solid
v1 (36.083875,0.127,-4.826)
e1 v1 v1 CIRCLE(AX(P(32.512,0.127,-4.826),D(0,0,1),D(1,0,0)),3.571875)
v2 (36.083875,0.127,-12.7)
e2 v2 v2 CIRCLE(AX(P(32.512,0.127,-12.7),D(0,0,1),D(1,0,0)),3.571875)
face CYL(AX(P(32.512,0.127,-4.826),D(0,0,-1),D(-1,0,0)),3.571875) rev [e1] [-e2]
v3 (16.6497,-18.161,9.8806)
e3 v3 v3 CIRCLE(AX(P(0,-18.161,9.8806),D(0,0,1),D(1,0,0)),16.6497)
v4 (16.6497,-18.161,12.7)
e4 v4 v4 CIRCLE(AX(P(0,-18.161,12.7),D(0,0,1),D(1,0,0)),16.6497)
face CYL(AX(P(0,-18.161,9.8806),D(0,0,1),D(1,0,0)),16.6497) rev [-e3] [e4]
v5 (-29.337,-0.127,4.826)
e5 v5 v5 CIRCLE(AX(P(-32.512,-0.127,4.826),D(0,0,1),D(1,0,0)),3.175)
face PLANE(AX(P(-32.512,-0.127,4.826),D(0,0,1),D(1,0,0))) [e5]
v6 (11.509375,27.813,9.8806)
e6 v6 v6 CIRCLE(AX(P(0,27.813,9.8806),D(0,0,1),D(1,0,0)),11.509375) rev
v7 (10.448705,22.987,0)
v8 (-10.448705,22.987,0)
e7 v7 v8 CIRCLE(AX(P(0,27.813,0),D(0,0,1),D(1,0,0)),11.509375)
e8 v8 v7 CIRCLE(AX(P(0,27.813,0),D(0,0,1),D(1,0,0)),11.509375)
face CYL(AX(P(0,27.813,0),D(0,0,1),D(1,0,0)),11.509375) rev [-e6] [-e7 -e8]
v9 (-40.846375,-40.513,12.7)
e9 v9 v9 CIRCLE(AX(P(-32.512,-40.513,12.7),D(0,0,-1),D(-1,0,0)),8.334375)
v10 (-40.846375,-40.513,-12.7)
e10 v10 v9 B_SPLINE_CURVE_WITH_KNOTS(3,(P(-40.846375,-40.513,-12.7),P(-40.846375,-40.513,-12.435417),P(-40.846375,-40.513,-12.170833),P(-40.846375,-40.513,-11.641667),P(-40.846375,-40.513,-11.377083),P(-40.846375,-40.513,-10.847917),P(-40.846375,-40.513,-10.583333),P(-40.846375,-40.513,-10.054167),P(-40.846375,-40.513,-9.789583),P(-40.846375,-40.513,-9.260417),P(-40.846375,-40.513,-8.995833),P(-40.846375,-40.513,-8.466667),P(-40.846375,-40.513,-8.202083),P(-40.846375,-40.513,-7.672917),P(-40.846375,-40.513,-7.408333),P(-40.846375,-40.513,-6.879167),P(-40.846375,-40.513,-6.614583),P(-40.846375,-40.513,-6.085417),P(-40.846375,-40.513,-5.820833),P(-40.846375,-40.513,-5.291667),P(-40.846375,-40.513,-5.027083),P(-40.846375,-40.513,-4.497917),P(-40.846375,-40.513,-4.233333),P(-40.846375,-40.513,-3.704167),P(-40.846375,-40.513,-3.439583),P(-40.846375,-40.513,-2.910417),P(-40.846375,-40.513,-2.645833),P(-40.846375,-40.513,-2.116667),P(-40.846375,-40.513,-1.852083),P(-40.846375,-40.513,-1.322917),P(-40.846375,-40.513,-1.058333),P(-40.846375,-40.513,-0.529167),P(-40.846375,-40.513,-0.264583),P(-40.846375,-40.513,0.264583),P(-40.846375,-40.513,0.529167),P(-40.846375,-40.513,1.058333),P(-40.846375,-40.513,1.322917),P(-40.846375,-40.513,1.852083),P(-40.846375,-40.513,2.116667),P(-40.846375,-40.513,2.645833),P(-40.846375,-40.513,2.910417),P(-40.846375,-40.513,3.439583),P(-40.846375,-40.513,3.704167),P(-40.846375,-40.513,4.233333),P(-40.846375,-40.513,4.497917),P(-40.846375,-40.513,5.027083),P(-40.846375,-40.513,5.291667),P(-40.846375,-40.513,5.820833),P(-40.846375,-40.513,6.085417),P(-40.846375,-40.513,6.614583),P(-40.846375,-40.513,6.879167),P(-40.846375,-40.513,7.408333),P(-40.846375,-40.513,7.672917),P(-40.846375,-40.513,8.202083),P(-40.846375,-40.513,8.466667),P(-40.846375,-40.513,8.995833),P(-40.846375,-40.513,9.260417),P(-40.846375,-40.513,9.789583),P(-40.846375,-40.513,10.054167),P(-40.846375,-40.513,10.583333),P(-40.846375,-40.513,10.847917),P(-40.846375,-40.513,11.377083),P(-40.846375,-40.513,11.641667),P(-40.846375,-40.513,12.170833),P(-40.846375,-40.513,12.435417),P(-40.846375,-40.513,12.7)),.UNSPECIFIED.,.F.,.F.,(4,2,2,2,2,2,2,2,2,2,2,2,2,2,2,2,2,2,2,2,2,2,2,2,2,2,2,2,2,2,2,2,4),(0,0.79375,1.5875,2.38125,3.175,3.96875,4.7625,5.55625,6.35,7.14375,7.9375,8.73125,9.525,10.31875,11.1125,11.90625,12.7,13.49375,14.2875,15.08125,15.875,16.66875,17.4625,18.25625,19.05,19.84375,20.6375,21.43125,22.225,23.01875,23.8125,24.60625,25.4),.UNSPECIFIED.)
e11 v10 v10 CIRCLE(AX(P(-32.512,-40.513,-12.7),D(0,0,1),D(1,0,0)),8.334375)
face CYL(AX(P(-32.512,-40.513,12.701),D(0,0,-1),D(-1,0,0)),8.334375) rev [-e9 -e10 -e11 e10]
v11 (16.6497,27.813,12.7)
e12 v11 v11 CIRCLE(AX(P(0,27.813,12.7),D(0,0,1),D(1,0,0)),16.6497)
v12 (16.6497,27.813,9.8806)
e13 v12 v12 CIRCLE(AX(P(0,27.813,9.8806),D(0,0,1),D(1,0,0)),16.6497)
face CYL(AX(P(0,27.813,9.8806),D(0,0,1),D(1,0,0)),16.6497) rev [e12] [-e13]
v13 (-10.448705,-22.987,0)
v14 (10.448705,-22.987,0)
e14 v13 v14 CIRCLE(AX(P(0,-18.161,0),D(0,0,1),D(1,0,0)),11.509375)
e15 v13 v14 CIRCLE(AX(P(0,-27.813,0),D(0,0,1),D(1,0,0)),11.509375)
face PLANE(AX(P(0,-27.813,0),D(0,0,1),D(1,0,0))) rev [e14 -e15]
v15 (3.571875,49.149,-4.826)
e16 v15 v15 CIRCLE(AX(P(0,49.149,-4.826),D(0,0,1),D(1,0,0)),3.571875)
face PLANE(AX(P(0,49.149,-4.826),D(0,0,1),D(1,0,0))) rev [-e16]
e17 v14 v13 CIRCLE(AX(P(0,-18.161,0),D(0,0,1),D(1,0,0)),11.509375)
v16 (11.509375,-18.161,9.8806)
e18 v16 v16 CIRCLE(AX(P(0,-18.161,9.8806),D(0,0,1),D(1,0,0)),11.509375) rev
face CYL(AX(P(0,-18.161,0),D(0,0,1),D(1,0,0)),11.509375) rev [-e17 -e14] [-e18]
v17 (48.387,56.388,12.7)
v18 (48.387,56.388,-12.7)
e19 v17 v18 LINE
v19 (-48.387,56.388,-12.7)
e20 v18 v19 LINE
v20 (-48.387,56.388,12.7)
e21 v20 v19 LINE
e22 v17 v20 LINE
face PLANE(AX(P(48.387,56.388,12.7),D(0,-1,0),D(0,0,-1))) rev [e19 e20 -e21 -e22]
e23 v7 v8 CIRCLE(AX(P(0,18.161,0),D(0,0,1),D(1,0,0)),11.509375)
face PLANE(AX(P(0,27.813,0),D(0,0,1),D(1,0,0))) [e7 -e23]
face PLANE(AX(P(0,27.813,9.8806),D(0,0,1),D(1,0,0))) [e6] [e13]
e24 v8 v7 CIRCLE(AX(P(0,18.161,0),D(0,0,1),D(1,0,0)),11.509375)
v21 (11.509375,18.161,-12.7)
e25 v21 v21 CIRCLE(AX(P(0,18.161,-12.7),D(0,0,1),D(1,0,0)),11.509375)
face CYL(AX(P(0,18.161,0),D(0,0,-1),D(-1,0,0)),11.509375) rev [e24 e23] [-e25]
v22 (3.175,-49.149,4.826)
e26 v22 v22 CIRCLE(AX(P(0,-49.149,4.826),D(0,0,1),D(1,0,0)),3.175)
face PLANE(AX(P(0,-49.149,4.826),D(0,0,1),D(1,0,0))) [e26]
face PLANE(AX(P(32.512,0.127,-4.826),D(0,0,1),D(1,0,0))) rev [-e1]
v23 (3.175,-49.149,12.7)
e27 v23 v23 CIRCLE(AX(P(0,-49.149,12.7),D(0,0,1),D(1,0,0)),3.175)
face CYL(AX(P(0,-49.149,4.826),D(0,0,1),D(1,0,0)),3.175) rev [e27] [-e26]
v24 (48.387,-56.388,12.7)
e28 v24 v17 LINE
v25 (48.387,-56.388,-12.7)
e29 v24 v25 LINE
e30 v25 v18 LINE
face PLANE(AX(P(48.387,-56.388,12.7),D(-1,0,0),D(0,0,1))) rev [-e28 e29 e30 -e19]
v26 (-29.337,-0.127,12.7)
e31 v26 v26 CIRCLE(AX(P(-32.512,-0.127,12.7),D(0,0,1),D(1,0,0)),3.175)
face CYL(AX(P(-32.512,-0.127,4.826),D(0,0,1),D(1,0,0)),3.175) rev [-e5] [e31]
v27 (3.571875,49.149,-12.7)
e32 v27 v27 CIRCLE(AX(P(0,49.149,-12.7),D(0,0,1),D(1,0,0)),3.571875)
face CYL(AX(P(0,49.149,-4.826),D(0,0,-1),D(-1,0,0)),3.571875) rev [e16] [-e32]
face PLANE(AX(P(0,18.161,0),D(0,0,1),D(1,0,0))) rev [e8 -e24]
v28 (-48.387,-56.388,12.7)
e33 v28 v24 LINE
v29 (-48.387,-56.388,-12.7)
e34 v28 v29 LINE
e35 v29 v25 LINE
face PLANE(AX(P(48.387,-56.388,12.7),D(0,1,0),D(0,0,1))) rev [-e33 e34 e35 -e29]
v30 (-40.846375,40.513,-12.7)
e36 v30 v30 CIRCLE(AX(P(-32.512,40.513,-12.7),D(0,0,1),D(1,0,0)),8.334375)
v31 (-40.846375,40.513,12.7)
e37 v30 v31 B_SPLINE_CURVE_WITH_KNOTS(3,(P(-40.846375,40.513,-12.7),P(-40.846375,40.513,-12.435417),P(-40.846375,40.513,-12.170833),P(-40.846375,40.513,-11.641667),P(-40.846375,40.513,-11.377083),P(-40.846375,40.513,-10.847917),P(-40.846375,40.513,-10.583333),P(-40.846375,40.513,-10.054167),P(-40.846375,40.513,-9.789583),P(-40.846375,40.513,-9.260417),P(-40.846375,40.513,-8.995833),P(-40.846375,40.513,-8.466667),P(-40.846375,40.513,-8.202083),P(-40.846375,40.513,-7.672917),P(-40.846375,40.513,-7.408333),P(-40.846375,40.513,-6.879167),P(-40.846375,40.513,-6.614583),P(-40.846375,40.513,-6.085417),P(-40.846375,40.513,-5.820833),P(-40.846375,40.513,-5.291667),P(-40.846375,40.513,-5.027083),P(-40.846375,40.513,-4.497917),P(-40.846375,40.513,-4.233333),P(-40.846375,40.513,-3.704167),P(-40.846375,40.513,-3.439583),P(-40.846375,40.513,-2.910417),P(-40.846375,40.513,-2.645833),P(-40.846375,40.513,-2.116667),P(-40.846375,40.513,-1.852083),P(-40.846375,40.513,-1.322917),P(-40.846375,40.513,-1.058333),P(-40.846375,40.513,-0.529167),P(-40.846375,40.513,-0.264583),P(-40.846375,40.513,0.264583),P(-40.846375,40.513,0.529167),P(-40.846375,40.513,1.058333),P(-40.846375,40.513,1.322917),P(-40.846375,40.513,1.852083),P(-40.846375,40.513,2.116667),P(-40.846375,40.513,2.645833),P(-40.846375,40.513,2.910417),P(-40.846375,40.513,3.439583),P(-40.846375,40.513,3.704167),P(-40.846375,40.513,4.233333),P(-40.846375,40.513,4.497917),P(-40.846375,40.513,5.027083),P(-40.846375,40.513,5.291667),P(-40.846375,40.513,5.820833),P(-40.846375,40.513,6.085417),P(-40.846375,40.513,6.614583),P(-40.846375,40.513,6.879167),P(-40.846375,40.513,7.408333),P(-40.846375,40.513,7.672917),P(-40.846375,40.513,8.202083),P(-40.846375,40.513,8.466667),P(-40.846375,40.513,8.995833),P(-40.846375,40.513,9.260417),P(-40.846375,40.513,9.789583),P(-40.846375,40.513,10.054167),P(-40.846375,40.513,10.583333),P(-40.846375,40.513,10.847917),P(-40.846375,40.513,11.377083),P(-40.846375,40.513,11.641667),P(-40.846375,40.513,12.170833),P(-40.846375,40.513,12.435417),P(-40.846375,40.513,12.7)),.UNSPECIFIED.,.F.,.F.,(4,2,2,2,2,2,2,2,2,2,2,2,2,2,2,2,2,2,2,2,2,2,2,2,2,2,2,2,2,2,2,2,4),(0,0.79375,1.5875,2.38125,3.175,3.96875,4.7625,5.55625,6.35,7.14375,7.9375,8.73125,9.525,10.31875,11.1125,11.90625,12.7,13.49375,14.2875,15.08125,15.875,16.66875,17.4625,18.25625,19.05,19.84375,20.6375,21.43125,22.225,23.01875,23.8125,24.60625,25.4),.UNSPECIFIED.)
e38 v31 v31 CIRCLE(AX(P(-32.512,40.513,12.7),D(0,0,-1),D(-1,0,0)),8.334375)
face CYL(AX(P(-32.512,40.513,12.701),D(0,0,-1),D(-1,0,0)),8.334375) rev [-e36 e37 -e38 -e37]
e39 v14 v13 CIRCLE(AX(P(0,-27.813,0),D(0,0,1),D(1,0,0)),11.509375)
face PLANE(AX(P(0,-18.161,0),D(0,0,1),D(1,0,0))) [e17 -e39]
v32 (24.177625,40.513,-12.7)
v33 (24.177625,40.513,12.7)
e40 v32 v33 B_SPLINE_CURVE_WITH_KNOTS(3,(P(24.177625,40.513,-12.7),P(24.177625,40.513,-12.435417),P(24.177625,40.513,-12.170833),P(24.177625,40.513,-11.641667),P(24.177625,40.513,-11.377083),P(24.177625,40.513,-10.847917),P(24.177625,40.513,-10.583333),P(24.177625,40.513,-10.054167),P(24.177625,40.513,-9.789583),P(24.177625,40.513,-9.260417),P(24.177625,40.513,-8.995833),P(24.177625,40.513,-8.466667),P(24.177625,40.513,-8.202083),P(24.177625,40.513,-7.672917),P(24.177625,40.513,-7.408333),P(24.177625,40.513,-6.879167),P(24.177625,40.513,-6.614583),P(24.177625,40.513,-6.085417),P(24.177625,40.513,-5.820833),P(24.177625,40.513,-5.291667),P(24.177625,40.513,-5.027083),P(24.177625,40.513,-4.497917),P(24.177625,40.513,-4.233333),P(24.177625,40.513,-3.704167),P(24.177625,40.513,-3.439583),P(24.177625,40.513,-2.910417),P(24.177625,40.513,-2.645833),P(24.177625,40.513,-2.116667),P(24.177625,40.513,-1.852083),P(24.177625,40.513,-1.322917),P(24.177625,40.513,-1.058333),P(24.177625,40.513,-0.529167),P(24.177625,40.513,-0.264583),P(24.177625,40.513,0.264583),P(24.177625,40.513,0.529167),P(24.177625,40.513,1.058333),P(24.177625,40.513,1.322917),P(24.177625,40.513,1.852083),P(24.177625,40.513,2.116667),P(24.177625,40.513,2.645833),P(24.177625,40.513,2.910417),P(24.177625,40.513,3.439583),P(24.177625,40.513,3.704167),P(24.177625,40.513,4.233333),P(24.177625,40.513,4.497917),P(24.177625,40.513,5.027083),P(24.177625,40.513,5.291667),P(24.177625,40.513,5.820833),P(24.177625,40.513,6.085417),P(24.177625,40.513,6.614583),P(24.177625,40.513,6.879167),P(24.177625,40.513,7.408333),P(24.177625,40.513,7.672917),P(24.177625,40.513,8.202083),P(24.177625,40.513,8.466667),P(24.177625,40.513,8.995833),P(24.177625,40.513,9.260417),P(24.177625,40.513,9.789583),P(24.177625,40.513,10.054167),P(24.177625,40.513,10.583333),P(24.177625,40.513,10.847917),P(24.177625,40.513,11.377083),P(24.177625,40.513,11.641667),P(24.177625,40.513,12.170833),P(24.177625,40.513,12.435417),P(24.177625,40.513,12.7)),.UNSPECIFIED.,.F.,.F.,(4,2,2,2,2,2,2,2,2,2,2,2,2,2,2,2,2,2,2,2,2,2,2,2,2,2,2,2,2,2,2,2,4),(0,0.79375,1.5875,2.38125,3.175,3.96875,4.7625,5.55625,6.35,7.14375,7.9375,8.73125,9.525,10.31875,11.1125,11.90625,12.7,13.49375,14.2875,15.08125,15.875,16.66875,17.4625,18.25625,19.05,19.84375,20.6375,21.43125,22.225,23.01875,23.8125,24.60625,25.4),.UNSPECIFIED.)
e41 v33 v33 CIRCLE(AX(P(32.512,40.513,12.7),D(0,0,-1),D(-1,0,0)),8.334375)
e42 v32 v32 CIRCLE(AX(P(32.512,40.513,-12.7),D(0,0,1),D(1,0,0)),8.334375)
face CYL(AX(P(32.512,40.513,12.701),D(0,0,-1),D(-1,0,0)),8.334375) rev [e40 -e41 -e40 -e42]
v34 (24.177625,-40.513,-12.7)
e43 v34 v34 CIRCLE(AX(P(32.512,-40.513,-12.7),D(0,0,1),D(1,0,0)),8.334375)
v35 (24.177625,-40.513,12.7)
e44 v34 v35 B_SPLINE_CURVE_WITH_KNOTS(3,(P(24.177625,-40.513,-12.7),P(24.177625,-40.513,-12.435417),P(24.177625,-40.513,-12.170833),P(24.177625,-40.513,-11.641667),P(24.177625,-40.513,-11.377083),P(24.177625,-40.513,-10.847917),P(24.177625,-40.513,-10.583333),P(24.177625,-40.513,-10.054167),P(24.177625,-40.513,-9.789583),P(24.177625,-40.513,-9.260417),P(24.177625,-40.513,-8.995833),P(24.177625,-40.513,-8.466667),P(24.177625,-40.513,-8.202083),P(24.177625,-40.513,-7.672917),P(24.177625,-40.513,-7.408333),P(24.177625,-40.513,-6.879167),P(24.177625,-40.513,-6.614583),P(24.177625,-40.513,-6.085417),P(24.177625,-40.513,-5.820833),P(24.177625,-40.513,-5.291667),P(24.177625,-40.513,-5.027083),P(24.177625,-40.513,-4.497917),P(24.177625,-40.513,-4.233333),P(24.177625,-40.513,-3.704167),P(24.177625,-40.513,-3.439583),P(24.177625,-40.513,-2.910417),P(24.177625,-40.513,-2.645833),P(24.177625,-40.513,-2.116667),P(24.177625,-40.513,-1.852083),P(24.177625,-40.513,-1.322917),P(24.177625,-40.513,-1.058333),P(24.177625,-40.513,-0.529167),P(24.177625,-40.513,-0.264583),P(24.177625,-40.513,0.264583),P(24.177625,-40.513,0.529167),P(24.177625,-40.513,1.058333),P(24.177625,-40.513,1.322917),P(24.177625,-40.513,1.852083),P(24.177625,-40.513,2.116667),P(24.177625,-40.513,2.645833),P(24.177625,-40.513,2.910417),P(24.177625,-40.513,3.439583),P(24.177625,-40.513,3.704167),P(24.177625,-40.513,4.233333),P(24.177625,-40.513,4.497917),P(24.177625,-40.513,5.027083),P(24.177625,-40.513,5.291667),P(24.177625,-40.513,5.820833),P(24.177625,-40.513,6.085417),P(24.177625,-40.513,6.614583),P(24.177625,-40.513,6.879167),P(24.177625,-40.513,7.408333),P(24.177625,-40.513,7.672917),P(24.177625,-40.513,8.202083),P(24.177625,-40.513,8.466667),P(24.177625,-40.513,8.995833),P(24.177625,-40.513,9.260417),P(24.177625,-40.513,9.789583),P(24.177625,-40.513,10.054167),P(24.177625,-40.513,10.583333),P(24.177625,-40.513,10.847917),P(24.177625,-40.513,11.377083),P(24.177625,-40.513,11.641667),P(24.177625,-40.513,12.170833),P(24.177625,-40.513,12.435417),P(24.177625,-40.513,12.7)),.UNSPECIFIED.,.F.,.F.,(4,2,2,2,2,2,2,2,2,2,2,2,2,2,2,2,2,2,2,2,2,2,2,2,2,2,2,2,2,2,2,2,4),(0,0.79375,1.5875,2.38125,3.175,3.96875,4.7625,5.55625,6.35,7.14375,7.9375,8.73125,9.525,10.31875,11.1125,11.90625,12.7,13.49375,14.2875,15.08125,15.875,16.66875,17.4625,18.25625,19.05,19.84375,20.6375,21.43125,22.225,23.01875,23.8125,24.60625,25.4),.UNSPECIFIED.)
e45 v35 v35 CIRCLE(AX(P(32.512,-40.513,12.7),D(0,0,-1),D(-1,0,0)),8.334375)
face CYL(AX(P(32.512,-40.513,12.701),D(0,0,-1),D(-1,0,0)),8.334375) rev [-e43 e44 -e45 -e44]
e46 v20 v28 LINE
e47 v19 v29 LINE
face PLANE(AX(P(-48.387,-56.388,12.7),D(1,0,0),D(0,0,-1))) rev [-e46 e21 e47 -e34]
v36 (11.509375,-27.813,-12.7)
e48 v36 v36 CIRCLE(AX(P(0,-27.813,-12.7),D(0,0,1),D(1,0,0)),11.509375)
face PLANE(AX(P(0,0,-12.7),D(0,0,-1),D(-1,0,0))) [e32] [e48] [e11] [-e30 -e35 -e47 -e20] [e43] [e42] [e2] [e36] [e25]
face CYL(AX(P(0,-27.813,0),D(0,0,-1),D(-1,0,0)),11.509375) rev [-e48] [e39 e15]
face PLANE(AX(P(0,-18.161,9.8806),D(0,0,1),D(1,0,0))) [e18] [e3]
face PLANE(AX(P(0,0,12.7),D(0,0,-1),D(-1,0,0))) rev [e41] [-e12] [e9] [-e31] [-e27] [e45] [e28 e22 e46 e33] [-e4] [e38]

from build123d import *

# Parameters (mm, degrees)
SKETCH1_W           = 112.776
SKETCH1_H           = 96.774
BOSS_EXTRUDE1_DEPTH = 12.7
CUT_EXTRUDE2_START  = -12.7
SKETCH2_R           = 8.334375
CUT_EXTRUDE2_DEPTH  = 25.4
CUT_EXTRUDE4_START  = -12.7
SKETCH3_R           = 8.334375
CUT_EXTRUDE4_DEPTH  = 25.4
CUT_EXTRUDE6_START  = -12.7
SKETCH4_R           = 11.509375
CUT_EXTRUDE6_DEPTH  = 12.7
CUT_EXTRUDE8_START  = -12.7
SKETCH5_R           = 11.509375
CUT_EXTRUDE8_DEPTH  = 12.7
CUT_EXTRUDE10_START = 12.7
SKETCH6_R           = 11.509375
CUT_EXTRUDE10_DEPTH = 12.7
CUT_EXTRUDE12_START = 12.7
SKETCH7_R           = 11.509375
CUT_EXTRUDE12_DEPTH = 12.7
CUT_EXTRUDE14_START = 12.7
SKETCH8_R           = 16.6497
CUT_EXTRUDE14_DEPTH = 2.8194
CUT_EXTRUDE16_START = 12.7
SKETCH9_R           = 16.6497
CUT_EXTRUDE16_DEPTH = 2.8194
CUT_EXTRUDE18_START = -12.7
SKETCH10_R          = 3.571875
CUT_EXTRUDE18_DEPTH = 7.874
CUT_EXTRUDE20_START = -12.7
SKETCH11_R          = 3.571875
CUT_EXTRUDE20_DEPTH = 7.874
CUT_EXTRUDE22_START = 12.7
SKETCH12_R          = 3.175
CUT_EXTRUDE22_DEPTH = 7.874
CUT_EXTRUDE24_START = 12.7
SKETCH13_R          = 3.175
CUT_EXTRUDE24_DEPTH = 7.874


with BuildPart() as part:
    # Sketch1 → Boss-Extrude1 (new, symmetric)
    with BuildSketch(Plane(origin=(0, 0, 0), x_dir=(0, 1, 0), z_dir=(0, 0, 1))):
        Rectangle(SKETCH1_W, SKETCH1_H)
    extrude(amount=BOSS_EXTRUDE1_DEPTH, both=True)

    # Sketch2 → Cut-Extrude2 (cut)
    with BuildSketch(Plane(origin=(0, 0, 0), x_dir=(0, 1, 0), z_dir=(0, 0, 1)).offset(CUT_EXTRUDE2_START)):
        with Locations(Location((-40.513, -32.512, 0), (0, 0, 90))):
            Circle(SKETCH2_R)
    extrude(amount=CUT_EXTRUDE2_DEPTH, mode=Mode.SUBTRACT)

    # Sketch3 → Cut-Extrude4 (cut)
    with BuildSketch(Plane(origin=(0, 0, 0), x_dir=(0, 1, 0), z_dir=(0, 0, 1)).offset(CUT_EXTRUDE4_START)):
        with Locations(Location((40.513, -32.512, 0), (0, 0, 90))):
            Circle(SKETCH3_R)
        with Locations(Location((-40.513, 32.512, 0), (0, 0, 90))):
            Circle(SKETCH3_R)
        with Locations(Location((40.513, 32.512, 0), (0, 0, 90))):
            Circle(SKETCH3_R)
    extrude(amount=CUT_EXTRUDE4_DEPTH, mode=Mode.SUBTRACT)

    # Sketch4 → Cut-Extrude6 (cut)
    with BuildSketch(Plane(origin=(0, 0, 0), x_dir=(0, 1, 0), z_dir=(0, 0, 1)).offset(CUT_EXTRUDE6_START)):
        with Locations(Location((-27.813, 0, 0), (0, 0, 270))):
            Circle(SKETCH4_R)
    extrude(amount=CUT_EXTRUDE6_DEPTH, mode=Mode.SUBTRACT)

    # Sketch5 → Cut-Extrude8 (cut)
    with BuildSketch(Plane(origin=(0, 0, 0), x_dir=(0, 1, 0), z_dir=(0, 0, 1)).offset(CUT_EXTRUDE8_START)):
        with Locations(Location((18.161, 0, 0), (0, 0, 270))):
            Circle(SKETCH5_R)
    extrude(amount=CUT_EXTRUDE8_DEPTH, mode=Mode.SUBTRACT)

    # Sketch6 → Cut-Extrude10 (cut)
    with BuildSketch(Plane(origin=(0, 0, 0), x_dir=(0, 1, 0), z_dir=(0, 0, 1)).offset(CUT_EXTRUDE10_START)):
        with Locations(Location((-18.161, 0, 0), (0, 0, 270))):
            Circle(SKETCH6_R)
    extrude(amount=-CUT_EXTRUDE10_DEPTH, mode=Mode.SUBTRACT)

    # Sketch7 → Cut-Extrude12 (cut)
    with BuildSketch(Plane(origin=(0, 0, 0), x_dir=(0, 1, 0), z_dir=(0, 0, 1)).offset(CUT_EXTRUDE12_START)):
        with Locations(Location((27.813, 0, 0), (0, 0, 270))):
            Circle(SKETCH7_R)
    extrude(amount=-CUT_EXTRUDE12_DEPTH, mode=Mode.SUBTRACT)

    # Sketch8 → Cut-Extrude14 (cut)
    with BuildSketch(Plane(origin=(0, 0, 0), x_dir=(0, 1, 0), z_dir=(0, 0, 1)).offset(CUT_EXTRUDE14_START)):
        with Locations(Location((-18.161, 0, 0), (0, 0, 270))):
            Circle(SKETCH8_R)
    extrude(amount=-CUT_EXTRUDE14_DEPTH, mode=Mode.SUBTRACT)

    # Sketch9 → Cut-Extrude16 (cut)
    with BuildSketch(Plane(origin=(0, 0, 0), x_dir=(0, 1, 0), z_dir=(0, 0, 1)).offset(CUT_EXTRUDE16_START)):
        with Locations(Location((27.813, 0, 0), (0, 0, 270))):
            Circle(SKETCH9_R)
    extrude(amount=-CUT_EXTRUDE16_DEPTH, mode=Mode.SUBTRACT)

    # Sketch10 → Cut-Extrude18 (cut)
    with BuildSketch(Plane(origin=(0, 0, 0), x_dir=(0, 1, 0), z_dir=(0, 0, 1)).offset(CUT_EXTRUDE18_START)):
        with Locations(Location((49.149, 0, 0), (0, 0, 270))):
            Circle(SKETCH10_R)
    extrude(amount=CUT_EXTRUDE18_DEPTH, mode=Mode.SUBTRACT)

    # Sketch11 → Cut-Extrude20 (cut)
    with BuildSketch(Plane(origin=(0, 0, 0), x_dir=(0, 1, 0), z_dir=(0, 0, 1)).offset(CUT_EXTRUDE20_START)):
        with Locations(Location((0.127, -32.512, 0), (0, 0, 270))):
            Circle(SKETCH11_R)
    extrude(amount=CUT_EXTRUDE20_DEPTH, mode=Mode.SUBTRACT)

    # Sketch12 → Cut-Extrude22 (cut)
    with BuildSketch(Plane(origin=(0, 0, 0), x_dir=(0, 1, 0), z_dir=(0, 0, 1)).offset(CUT_EXTRUDE22_START)):
        with Locations(Location((-49.149, 0, 0), (0, 0, 270))):
            Circle(SKETCH12_R)
    extrude(amount=-CUT_EXTRUDE22_DEPTH, mode=Mode.SUBTRACT)

    # Sketch13 → Cut-Extrude24 (cut)
    with BuildSketch(Plane(origin=(0, 0, 0), x_dir=(0, 1, 0), z_dir=(0, 0, 1)).offset(CUT_EXTRUDE24_START)):
        with Locations(Location((-0.127, 32.512, 0), (0, 0, 270))):
            Circle(SKETCH13_R)
    extrude(amount=-CUT_EXTRUDE24_DEPTH, mode=Mode.SUBTRACT)


solid = part.part
